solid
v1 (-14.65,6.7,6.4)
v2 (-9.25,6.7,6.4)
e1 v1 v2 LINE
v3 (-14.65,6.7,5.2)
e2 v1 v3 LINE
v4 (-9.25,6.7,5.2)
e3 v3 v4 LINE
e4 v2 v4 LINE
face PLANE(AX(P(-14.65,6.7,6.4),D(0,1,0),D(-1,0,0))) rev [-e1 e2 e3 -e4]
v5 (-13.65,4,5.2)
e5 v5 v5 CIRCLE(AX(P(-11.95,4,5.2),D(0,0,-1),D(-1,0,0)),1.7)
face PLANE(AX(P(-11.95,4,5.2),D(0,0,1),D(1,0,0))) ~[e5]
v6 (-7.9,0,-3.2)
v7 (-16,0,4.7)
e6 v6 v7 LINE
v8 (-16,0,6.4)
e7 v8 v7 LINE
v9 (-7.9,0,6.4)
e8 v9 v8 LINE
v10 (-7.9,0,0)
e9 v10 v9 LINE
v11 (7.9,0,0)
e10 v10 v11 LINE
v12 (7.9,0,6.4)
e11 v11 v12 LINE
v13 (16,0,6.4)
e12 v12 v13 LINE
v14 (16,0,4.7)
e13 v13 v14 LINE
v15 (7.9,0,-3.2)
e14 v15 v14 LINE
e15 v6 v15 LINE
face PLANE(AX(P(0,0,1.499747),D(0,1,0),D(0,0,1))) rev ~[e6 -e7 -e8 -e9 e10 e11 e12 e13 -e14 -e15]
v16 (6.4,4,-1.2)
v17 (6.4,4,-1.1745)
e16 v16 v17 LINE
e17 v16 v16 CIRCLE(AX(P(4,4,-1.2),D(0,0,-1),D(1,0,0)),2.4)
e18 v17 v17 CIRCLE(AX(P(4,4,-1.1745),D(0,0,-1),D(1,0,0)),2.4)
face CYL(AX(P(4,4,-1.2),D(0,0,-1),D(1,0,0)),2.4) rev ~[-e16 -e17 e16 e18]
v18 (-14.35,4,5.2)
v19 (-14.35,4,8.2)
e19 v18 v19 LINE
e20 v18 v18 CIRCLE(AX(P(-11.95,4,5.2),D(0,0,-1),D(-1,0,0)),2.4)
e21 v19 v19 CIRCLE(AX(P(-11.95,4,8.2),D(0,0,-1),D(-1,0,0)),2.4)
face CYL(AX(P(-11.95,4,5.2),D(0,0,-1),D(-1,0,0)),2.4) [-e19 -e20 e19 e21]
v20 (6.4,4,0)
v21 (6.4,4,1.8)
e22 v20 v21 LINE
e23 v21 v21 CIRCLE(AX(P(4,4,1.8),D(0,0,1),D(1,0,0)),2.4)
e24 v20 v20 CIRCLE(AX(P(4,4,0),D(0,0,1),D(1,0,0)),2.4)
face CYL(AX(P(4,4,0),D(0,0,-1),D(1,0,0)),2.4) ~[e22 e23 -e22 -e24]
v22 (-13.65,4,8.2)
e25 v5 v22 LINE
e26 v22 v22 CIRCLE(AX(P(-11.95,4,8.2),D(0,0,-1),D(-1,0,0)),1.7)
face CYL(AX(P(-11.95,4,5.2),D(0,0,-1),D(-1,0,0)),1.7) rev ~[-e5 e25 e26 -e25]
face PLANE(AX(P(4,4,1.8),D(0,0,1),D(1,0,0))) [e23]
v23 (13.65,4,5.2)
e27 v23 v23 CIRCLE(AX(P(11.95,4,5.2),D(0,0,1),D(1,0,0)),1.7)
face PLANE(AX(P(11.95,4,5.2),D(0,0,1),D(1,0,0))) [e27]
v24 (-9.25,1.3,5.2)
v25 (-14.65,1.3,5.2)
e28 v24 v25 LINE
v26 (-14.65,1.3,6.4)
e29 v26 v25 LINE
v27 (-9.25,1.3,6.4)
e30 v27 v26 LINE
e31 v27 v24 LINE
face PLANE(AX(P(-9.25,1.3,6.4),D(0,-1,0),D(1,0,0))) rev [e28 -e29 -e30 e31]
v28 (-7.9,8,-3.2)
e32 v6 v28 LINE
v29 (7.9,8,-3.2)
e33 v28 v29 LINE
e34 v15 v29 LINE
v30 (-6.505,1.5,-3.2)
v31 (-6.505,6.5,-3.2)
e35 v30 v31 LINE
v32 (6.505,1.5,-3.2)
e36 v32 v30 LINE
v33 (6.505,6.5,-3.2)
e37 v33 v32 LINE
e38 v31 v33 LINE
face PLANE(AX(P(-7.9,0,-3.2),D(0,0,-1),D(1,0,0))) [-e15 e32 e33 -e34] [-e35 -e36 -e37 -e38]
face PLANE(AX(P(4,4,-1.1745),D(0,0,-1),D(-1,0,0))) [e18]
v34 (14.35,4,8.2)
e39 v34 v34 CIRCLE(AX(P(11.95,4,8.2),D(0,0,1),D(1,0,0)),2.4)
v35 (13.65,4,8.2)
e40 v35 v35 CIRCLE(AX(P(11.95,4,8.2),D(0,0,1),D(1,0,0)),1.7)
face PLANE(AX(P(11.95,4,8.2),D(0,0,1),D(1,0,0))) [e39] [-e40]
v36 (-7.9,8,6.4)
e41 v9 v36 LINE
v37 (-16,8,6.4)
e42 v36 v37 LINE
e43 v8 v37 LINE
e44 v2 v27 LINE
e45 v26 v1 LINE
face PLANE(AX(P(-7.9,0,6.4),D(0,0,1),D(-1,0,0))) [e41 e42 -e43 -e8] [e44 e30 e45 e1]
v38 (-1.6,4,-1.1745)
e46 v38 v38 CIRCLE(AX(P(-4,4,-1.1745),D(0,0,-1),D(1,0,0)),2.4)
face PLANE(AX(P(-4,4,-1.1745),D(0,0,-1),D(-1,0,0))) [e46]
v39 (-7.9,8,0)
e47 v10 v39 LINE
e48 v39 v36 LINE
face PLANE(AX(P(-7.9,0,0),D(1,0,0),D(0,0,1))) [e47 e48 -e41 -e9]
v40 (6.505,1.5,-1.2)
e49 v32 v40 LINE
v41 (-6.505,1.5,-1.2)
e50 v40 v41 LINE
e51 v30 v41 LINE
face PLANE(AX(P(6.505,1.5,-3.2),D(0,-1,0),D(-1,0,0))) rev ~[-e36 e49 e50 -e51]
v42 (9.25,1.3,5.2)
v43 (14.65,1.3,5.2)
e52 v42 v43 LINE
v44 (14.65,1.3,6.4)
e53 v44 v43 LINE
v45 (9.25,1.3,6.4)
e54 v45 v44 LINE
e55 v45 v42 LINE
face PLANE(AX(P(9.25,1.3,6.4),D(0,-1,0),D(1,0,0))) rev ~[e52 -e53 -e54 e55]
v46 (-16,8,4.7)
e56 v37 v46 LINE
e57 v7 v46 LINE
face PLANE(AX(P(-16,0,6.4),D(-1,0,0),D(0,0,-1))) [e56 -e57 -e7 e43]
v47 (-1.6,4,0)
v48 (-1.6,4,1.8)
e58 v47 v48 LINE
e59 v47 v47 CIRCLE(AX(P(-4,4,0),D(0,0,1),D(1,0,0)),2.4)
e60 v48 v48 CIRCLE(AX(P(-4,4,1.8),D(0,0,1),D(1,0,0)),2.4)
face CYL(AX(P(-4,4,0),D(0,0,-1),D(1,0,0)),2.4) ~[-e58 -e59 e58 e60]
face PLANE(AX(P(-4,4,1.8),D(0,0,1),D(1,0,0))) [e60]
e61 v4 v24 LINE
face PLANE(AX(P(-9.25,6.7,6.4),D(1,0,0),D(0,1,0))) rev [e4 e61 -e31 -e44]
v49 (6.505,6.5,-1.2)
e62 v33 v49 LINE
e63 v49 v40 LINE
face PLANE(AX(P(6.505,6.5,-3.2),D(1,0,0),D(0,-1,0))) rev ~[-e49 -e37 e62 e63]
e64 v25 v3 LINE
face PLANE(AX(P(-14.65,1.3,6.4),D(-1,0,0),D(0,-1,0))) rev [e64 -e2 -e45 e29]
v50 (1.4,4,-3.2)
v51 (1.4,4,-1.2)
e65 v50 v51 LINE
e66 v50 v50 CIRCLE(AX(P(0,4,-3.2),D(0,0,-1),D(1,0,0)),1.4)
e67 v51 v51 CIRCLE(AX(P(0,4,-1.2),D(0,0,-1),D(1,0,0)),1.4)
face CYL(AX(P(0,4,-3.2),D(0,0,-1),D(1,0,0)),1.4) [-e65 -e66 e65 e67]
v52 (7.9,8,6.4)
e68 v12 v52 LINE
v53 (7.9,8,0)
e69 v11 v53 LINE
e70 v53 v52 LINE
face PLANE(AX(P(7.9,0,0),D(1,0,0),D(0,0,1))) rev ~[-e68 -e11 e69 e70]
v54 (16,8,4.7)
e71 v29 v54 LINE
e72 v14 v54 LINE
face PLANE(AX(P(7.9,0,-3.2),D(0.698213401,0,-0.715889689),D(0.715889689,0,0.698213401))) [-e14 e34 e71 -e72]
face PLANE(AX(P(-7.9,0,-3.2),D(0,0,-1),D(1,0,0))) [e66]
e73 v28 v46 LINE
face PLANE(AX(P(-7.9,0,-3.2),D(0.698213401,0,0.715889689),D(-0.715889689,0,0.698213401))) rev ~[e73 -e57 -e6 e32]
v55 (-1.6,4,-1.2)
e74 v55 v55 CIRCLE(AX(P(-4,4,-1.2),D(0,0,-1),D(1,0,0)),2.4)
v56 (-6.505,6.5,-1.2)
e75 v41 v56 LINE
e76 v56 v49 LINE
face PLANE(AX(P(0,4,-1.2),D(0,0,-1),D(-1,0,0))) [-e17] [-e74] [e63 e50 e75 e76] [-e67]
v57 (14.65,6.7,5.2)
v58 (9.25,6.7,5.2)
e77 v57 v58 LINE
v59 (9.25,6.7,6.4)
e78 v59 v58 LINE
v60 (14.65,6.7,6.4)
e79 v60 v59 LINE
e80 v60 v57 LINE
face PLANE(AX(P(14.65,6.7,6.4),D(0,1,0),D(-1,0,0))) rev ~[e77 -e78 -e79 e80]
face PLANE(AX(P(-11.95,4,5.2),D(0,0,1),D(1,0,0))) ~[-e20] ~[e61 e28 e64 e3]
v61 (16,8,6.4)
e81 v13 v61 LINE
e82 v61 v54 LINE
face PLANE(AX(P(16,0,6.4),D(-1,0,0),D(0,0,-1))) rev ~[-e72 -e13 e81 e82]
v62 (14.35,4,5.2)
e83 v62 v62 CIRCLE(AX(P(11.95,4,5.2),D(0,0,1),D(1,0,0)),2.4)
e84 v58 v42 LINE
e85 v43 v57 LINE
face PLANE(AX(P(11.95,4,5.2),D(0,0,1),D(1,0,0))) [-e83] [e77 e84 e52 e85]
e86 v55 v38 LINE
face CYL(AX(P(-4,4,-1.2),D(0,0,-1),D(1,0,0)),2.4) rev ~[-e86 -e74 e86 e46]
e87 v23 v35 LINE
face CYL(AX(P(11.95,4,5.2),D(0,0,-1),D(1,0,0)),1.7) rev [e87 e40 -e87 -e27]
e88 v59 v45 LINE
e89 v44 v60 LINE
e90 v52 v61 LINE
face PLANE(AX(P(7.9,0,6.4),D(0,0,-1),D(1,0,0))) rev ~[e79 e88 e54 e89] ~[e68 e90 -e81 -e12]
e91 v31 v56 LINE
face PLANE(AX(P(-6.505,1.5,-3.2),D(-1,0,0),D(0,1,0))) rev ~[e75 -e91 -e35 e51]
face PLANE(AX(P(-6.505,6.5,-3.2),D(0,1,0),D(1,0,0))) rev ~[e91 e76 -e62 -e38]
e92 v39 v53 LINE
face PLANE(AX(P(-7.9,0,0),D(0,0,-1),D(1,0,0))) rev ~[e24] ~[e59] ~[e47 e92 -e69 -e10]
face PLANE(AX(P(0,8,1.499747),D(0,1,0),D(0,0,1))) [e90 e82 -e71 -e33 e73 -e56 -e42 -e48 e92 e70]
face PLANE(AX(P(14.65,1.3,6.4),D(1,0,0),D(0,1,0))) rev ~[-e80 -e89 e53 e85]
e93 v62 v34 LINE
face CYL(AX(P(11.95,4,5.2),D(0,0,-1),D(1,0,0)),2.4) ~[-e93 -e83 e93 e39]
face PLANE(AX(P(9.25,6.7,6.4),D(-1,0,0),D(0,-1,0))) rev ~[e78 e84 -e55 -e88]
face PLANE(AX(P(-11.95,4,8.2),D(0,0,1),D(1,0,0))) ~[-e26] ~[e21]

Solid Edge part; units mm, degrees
sketch "Sketch1" plane through (0, 0, 0) normal (0, -1, 0) x (1, 0, 0)
  line L0 (-7.9, 0) -> (7.9, 0)
  line L1 (7.9, 0) -> (7.9, 6.4)
  line L2 (7.9, 6.4) -> (16, 6.4)
  line L3 (16, 6.4) -> (16, 4.7)
  line L4 (7.9, -3.2) -> (16, 4.7)
  line L5 (-7.9, -3.2) -> (7.9, -3.2)
  line L6 (-7.9, -3.2) -> (-16, 4.7)
  line L7 (-16, 6.4) -> (-16, 4.7)
  line L8 (-7.9, 6.4) -> (-16, 6.4)
  line L9 (-7.9, 0) -> (-7.9, 6.4)
  dimension "D1" = 15.8
  dimension "D2" = 6.4
  dimension "D3" = 8.1
  dimension "D4" = 1.7
  dimension "D5" = 15.8
  dimension "D6" = 8.1
extrude "Protrusion1" add sketch "Sketch1" against normal blind 8
sketch "Sketch2" plane through (11.95, 4, 6.4) normal (0, 0, 1) x (1, 0, 0)
  line L0 (-2.7, -2.7) -> (2.7, -2.7)
  line L1 (2.7, -2.7) -> (2.7, 2.7)
  line L2 (2.7, 2.7) -> (-2.7, 2.7)
  line L3 (-2.7, 2.7) -> (-2.7, -2.7)
  dimension "D1" = 5.4
  dimension "D2" = 5.4
extrude "ExtrudedCutout_1" cut sketch "Sketch2" against normal blind 1.2
sketch "Sketch3" plane through (0, 4, 0) normal (0, 0, 1) x (1, 0, 0)
  circle A0 centre (-4, 0) radius 2.4
  circle A1 centre (4, 0) radius 2.4
extrude "ExtrudedProtrusion_2" add sketch "Sketch3" along normal blind 1.8
sketch "Sketch4" plane through (11.95, 4, 5.2) normal (0, 0, 1) x (1, 0, 0)
  circle A0 centre (0, 0) radius 2.4
  circle A1 centre (0, 0) radius 1.7
  dimension "D1" = 4.8
  dimension "D2" = 3.4
extrude "ExtrudedProtrusion_3" add sketch "Sketch4" along normal blind 3
mirror "Mirror1" about plane through (0, 0, 0) normal (1, 0, 0) of "ExtrudedCutout_1"
mirror "Mirror2" about plane through (0, 0, 0) normal (1, 0, 0) of "ExtrudedProtrusion_3"
sketch "Sketch5" plane through (0, 4, -3.2) normal (0, 0, -1) x (1, 0, 0)
  line L0 (-6.505, -2.5) -> (6.505, -2.5)
  line L1 (6.505, -2.5) -> (6.505, 2.5)
  line L2 (6.505, 2.5) -> (-6.505, 2.5)
  line L3 (-6.505, 2.5) -> (-6.505, -2.5)
  circle A0 centre (0, 0) radius 1.4
extrude "ExtrudedCutout_3" cut sketch "Sketch5" against normal blind 2
sketch "Sketch6" plane through (0, 4, -1.2) normal (0, 0, -1) x (1, 0, 0)
  circle A0 centre (-4, 0) radius 2.4
  circle A1 centre (4, 0) radius 2.4
extrude "ExtrudedCutout_4" cut sketch "Sketch6" against normal blind 0.0255
